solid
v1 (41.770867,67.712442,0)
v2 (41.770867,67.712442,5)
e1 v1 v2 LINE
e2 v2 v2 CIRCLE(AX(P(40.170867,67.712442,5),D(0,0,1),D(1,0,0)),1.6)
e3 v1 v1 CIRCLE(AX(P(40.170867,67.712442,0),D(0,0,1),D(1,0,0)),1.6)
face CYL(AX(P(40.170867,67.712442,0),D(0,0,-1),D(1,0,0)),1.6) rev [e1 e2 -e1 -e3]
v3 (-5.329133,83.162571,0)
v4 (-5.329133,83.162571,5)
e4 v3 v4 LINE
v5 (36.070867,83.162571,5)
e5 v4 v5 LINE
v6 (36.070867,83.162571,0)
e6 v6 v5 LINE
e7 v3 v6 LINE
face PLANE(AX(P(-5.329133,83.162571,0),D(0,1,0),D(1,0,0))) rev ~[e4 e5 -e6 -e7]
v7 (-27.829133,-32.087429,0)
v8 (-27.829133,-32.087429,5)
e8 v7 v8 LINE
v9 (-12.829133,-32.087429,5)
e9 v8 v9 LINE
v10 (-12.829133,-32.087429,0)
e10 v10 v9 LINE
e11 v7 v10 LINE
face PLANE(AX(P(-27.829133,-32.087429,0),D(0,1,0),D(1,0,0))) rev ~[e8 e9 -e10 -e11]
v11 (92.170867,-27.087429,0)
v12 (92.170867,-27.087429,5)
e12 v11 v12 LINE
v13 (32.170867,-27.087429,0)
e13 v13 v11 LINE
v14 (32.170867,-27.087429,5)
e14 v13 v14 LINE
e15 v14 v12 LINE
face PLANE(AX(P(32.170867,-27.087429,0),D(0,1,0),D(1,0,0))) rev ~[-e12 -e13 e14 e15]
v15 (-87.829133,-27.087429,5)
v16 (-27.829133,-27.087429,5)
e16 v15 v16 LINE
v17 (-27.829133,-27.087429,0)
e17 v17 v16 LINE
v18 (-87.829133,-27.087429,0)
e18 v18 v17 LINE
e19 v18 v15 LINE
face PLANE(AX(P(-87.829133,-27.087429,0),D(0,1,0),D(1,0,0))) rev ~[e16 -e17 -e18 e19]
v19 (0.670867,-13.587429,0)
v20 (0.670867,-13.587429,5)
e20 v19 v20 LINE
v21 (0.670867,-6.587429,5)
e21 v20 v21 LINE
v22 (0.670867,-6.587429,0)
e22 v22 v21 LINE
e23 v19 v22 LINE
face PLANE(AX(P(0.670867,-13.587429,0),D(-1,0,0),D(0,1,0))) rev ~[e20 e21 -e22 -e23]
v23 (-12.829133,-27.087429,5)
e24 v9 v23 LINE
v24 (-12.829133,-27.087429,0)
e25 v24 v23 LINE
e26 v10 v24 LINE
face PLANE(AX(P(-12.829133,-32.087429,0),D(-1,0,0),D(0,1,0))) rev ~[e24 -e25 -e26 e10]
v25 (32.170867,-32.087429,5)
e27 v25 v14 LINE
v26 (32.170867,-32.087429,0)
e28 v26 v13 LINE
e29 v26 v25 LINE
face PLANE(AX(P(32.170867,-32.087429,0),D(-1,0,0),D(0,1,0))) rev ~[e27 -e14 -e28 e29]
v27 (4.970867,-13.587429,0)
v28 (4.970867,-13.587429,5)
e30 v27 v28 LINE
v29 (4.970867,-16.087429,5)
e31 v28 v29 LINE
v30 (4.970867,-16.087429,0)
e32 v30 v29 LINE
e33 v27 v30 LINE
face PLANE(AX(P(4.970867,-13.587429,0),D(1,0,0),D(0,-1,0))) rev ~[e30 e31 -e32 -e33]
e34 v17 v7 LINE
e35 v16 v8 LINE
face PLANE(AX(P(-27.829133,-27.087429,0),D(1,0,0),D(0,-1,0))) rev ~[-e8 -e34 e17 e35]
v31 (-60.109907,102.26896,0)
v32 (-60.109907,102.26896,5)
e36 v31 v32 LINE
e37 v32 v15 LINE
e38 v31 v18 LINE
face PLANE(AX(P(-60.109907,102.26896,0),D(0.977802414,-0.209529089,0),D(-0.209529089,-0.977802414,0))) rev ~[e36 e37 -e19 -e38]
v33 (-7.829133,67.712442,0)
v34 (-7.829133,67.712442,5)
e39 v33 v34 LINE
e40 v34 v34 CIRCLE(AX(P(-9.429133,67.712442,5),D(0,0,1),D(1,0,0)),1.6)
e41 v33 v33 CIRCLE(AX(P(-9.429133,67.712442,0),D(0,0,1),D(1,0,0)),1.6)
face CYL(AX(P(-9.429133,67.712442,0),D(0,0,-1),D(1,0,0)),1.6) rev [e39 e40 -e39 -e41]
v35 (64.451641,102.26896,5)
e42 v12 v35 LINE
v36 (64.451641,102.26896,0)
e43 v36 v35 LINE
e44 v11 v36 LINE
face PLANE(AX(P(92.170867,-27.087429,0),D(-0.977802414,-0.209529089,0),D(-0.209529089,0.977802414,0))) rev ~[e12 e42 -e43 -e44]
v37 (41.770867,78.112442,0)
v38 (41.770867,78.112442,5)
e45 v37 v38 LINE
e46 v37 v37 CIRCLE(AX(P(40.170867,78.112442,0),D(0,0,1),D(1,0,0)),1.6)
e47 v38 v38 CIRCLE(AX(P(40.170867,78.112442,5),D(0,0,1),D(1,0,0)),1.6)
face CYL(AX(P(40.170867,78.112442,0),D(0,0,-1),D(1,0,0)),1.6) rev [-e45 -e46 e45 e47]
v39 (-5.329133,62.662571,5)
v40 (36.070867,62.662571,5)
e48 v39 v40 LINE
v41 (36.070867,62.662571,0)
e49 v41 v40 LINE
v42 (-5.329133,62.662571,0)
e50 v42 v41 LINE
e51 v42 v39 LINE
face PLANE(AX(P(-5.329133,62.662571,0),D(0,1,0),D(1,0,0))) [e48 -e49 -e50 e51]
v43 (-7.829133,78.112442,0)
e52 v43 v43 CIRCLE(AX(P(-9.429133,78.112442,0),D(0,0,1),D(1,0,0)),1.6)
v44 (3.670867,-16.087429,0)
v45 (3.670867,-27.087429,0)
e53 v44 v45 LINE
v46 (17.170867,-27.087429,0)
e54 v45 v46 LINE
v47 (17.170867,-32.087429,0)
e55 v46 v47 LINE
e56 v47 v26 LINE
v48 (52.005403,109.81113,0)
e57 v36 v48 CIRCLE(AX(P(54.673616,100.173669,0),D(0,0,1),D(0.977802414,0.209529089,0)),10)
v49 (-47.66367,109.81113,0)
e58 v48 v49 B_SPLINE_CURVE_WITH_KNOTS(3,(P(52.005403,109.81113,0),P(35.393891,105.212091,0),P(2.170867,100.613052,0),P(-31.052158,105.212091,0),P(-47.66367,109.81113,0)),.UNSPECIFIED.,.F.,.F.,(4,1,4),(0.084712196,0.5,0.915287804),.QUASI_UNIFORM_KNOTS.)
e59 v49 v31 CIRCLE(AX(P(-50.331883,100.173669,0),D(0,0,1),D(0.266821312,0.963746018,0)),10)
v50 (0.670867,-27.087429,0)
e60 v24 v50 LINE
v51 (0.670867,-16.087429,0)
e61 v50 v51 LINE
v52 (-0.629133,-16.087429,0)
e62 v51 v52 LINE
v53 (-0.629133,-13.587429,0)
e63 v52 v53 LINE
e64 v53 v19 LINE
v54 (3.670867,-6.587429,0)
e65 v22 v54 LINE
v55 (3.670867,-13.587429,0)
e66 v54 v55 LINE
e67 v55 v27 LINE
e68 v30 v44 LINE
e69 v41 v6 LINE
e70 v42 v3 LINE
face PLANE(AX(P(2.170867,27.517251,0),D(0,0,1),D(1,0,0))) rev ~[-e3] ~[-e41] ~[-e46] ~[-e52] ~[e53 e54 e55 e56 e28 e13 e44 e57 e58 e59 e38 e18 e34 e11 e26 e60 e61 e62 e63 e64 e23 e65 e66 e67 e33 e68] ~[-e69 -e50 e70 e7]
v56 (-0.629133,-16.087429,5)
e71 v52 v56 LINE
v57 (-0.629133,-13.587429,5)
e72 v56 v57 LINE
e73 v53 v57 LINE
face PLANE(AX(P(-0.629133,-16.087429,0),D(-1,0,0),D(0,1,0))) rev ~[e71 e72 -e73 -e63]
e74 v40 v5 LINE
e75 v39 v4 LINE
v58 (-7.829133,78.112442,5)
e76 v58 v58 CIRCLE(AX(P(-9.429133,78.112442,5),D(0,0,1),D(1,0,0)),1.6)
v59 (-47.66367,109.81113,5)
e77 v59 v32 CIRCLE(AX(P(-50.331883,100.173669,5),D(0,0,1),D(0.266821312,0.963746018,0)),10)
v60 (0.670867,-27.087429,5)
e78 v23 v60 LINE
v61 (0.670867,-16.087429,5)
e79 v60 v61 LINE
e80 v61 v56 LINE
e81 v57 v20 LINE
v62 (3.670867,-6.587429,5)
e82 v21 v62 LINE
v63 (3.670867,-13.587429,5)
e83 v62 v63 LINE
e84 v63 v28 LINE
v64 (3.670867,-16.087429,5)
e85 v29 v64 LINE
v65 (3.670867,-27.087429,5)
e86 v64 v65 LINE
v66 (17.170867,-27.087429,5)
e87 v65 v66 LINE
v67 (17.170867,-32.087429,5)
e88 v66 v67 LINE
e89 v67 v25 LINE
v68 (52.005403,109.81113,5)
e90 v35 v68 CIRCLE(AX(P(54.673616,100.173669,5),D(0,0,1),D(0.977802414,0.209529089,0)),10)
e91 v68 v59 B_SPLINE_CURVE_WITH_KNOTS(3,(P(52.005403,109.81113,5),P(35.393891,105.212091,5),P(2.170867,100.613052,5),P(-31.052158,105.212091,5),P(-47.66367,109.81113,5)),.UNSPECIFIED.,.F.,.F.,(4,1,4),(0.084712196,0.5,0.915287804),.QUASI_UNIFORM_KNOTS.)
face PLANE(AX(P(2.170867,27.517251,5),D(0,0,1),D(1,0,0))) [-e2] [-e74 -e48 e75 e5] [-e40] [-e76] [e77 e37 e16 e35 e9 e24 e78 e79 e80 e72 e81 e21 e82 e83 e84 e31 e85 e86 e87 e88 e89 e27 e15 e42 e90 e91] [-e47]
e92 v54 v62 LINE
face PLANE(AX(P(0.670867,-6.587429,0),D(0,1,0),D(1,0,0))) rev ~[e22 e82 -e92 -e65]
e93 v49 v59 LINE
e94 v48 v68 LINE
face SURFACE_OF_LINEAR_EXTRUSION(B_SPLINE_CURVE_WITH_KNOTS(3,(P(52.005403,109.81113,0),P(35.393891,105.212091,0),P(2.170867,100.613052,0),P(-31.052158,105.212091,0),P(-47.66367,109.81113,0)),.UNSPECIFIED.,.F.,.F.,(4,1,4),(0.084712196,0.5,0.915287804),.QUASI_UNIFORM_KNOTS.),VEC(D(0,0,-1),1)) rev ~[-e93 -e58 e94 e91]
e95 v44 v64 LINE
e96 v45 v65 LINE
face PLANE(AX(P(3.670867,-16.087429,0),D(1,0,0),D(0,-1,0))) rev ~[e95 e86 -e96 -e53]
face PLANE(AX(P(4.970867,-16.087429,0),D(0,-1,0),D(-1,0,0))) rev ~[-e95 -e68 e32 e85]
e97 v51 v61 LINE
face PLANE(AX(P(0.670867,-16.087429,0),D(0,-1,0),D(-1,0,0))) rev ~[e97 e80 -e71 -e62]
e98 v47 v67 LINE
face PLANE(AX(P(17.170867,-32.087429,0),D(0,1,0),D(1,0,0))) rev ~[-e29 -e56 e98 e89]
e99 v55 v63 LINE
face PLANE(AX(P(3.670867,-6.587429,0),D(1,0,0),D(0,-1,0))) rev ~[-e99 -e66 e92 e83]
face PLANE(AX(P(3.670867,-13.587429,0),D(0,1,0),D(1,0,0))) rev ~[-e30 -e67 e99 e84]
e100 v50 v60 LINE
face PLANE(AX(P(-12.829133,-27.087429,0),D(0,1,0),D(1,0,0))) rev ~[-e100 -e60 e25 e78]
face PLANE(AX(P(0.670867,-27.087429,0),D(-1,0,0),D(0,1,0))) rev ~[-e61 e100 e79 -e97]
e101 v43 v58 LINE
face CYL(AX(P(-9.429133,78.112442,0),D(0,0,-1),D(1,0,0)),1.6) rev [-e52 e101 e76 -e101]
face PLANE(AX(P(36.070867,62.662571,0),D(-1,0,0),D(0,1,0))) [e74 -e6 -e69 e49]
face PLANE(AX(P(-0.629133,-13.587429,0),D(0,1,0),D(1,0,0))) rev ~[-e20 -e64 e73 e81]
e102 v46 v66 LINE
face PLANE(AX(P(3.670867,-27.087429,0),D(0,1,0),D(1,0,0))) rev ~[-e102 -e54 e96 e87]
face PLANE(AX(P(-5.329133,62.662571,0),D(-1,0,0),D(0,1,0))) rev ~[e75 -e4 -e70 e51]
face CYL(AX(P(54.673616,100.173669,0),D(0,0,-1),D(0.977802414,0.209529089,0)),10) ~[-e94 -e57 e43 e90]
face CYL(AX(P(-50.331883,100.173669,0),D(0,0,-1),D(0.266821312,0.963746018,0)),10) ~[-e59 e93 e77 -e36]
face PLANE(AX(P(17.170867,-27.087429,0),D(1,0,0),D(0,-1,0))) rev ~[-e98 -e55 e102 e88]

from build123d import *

# Parameters (mm, degrees)
SKETCH1_R           = 1.6
SKETCH1_W           = 41.4
SKETCH1_H           = 20.5
BOSS_EXTRUDE1_DEPTH = 5


with BuildPart() as part:
    # Sketch1 → Boss-Extrude1 (new body)
    with BuildSketch(Plane.XY):
        with BuildLine():
            Line((-27.829133209, -27.087428792), (-27.829133209, -32.087428792))
            Line((-27.829133209, -32.087428792), (-12.829133209, -32.087428792))
            Line((-12.829133209, -32.087428792), (-12.829133209, -27.087428792))
            Line((-12.829133209, -27.087428792), (0.670866791, -27.087428792))
            Line((0.670866791, -27.087428792), (0.670866791, -16.087428792))
            Line((0.670866791, -16.087428792), (-0.629133209, -16.087428792))
            Line((-0.629133209, -16.087428792), (-0.629133209, -13.587428792))
            Line((-0.629133209, -13.587428792), (0.670866791, -13.587428792))
            Line((0.670866791, -13.587428792), (0.670866791, -6.587428792))
            Line((0.670866791, -6.587428792), (3.670866791, -6.587428792))
            Line((3.670866791, -6.587428792), (3.670866791, -13.587428792))
            Line((3.670866791, -13.587428792), (4.970866791, -13.587428792))
            Line((4.970866791, -13.587428792), (4.970866791, -16.087428792))
            Line((4.970866791, -16.087428792), (3.670866791, -16.087428792))
            Line((3.670866791, -16.087428792), (3.670866791, -27.087428792))
            Line((3.670866791, -27.087428792), (17.170866791, -27.087428792))
            Line((17.170866791, -27.087428792), (17.170866791, -32.087428792))
            Line((17.170866791, -32.087428792), (32.170866791, -32.087428792))
            Line((32.170866791, -32.087428792), (32.170866791, -27.087428792))
            Line((32.170866791, -27.087428792), (92.170866791, -27.087428792))
            Line((92.170866791, -27.087428792), (64.451640551, 102.268960326))
            ThreePointArc((64.451640551, 102.268960326), (59.856128602, 108.725953776), (52.005403293, 109.81112962))
            add(Edge.make_bspline(
                [(52.005403293, 109.81112962), (35.393891125, 105.212090679), (2.170866791, 100.613051738), (-31.052157544, 105.212090679), (-47.663669711, 109.81112962)],
                knots=[0.084712196, 0.084712196, 0.084712196, 0.084712196, 0.5, 0.915287804, 0.915287804, 0.915287804, 0.915287804], degree=3))
            ThreePointArc((-47.663669711, 109.81112962), (-55.51439502, 108.725953776), (-60.10990697, 102.268960326))
            Line((-60.10990697, 102.268960326), (-87.829133209, -27.087428792))
            Line((-87.829133209, -27.087428792), (-27.829133209, -27.087428792))
        make_face()
        with Locations((-9.429133209, 78.112442288)):
            Circle(SKETCH1_R, mode=Mode.SUBTRACT)
        with Locations((-9.429133209, 67.712442288)):
            Circle(SKETCH1_R, mode=Mode.SUBTRACT)
        with Locations((40.170866791, 67.712442288)):
            Circle(SKETCH1_R, mode=Mode.SUBTRACT)
        with Locations((40.170866791, 78.112442288)):
            Circle(SKETCH1_R, mode=Mode.SUBTRACT)
        with Locations((15.370866791, 72.912571208)):
            Rectangle(SKETCH1_W, SKETCH1_H, mode=Mode.SUBTRACT)
    extrude(amount=BOSS_EXTRUDE1_DEPTH)


solid = part.part
